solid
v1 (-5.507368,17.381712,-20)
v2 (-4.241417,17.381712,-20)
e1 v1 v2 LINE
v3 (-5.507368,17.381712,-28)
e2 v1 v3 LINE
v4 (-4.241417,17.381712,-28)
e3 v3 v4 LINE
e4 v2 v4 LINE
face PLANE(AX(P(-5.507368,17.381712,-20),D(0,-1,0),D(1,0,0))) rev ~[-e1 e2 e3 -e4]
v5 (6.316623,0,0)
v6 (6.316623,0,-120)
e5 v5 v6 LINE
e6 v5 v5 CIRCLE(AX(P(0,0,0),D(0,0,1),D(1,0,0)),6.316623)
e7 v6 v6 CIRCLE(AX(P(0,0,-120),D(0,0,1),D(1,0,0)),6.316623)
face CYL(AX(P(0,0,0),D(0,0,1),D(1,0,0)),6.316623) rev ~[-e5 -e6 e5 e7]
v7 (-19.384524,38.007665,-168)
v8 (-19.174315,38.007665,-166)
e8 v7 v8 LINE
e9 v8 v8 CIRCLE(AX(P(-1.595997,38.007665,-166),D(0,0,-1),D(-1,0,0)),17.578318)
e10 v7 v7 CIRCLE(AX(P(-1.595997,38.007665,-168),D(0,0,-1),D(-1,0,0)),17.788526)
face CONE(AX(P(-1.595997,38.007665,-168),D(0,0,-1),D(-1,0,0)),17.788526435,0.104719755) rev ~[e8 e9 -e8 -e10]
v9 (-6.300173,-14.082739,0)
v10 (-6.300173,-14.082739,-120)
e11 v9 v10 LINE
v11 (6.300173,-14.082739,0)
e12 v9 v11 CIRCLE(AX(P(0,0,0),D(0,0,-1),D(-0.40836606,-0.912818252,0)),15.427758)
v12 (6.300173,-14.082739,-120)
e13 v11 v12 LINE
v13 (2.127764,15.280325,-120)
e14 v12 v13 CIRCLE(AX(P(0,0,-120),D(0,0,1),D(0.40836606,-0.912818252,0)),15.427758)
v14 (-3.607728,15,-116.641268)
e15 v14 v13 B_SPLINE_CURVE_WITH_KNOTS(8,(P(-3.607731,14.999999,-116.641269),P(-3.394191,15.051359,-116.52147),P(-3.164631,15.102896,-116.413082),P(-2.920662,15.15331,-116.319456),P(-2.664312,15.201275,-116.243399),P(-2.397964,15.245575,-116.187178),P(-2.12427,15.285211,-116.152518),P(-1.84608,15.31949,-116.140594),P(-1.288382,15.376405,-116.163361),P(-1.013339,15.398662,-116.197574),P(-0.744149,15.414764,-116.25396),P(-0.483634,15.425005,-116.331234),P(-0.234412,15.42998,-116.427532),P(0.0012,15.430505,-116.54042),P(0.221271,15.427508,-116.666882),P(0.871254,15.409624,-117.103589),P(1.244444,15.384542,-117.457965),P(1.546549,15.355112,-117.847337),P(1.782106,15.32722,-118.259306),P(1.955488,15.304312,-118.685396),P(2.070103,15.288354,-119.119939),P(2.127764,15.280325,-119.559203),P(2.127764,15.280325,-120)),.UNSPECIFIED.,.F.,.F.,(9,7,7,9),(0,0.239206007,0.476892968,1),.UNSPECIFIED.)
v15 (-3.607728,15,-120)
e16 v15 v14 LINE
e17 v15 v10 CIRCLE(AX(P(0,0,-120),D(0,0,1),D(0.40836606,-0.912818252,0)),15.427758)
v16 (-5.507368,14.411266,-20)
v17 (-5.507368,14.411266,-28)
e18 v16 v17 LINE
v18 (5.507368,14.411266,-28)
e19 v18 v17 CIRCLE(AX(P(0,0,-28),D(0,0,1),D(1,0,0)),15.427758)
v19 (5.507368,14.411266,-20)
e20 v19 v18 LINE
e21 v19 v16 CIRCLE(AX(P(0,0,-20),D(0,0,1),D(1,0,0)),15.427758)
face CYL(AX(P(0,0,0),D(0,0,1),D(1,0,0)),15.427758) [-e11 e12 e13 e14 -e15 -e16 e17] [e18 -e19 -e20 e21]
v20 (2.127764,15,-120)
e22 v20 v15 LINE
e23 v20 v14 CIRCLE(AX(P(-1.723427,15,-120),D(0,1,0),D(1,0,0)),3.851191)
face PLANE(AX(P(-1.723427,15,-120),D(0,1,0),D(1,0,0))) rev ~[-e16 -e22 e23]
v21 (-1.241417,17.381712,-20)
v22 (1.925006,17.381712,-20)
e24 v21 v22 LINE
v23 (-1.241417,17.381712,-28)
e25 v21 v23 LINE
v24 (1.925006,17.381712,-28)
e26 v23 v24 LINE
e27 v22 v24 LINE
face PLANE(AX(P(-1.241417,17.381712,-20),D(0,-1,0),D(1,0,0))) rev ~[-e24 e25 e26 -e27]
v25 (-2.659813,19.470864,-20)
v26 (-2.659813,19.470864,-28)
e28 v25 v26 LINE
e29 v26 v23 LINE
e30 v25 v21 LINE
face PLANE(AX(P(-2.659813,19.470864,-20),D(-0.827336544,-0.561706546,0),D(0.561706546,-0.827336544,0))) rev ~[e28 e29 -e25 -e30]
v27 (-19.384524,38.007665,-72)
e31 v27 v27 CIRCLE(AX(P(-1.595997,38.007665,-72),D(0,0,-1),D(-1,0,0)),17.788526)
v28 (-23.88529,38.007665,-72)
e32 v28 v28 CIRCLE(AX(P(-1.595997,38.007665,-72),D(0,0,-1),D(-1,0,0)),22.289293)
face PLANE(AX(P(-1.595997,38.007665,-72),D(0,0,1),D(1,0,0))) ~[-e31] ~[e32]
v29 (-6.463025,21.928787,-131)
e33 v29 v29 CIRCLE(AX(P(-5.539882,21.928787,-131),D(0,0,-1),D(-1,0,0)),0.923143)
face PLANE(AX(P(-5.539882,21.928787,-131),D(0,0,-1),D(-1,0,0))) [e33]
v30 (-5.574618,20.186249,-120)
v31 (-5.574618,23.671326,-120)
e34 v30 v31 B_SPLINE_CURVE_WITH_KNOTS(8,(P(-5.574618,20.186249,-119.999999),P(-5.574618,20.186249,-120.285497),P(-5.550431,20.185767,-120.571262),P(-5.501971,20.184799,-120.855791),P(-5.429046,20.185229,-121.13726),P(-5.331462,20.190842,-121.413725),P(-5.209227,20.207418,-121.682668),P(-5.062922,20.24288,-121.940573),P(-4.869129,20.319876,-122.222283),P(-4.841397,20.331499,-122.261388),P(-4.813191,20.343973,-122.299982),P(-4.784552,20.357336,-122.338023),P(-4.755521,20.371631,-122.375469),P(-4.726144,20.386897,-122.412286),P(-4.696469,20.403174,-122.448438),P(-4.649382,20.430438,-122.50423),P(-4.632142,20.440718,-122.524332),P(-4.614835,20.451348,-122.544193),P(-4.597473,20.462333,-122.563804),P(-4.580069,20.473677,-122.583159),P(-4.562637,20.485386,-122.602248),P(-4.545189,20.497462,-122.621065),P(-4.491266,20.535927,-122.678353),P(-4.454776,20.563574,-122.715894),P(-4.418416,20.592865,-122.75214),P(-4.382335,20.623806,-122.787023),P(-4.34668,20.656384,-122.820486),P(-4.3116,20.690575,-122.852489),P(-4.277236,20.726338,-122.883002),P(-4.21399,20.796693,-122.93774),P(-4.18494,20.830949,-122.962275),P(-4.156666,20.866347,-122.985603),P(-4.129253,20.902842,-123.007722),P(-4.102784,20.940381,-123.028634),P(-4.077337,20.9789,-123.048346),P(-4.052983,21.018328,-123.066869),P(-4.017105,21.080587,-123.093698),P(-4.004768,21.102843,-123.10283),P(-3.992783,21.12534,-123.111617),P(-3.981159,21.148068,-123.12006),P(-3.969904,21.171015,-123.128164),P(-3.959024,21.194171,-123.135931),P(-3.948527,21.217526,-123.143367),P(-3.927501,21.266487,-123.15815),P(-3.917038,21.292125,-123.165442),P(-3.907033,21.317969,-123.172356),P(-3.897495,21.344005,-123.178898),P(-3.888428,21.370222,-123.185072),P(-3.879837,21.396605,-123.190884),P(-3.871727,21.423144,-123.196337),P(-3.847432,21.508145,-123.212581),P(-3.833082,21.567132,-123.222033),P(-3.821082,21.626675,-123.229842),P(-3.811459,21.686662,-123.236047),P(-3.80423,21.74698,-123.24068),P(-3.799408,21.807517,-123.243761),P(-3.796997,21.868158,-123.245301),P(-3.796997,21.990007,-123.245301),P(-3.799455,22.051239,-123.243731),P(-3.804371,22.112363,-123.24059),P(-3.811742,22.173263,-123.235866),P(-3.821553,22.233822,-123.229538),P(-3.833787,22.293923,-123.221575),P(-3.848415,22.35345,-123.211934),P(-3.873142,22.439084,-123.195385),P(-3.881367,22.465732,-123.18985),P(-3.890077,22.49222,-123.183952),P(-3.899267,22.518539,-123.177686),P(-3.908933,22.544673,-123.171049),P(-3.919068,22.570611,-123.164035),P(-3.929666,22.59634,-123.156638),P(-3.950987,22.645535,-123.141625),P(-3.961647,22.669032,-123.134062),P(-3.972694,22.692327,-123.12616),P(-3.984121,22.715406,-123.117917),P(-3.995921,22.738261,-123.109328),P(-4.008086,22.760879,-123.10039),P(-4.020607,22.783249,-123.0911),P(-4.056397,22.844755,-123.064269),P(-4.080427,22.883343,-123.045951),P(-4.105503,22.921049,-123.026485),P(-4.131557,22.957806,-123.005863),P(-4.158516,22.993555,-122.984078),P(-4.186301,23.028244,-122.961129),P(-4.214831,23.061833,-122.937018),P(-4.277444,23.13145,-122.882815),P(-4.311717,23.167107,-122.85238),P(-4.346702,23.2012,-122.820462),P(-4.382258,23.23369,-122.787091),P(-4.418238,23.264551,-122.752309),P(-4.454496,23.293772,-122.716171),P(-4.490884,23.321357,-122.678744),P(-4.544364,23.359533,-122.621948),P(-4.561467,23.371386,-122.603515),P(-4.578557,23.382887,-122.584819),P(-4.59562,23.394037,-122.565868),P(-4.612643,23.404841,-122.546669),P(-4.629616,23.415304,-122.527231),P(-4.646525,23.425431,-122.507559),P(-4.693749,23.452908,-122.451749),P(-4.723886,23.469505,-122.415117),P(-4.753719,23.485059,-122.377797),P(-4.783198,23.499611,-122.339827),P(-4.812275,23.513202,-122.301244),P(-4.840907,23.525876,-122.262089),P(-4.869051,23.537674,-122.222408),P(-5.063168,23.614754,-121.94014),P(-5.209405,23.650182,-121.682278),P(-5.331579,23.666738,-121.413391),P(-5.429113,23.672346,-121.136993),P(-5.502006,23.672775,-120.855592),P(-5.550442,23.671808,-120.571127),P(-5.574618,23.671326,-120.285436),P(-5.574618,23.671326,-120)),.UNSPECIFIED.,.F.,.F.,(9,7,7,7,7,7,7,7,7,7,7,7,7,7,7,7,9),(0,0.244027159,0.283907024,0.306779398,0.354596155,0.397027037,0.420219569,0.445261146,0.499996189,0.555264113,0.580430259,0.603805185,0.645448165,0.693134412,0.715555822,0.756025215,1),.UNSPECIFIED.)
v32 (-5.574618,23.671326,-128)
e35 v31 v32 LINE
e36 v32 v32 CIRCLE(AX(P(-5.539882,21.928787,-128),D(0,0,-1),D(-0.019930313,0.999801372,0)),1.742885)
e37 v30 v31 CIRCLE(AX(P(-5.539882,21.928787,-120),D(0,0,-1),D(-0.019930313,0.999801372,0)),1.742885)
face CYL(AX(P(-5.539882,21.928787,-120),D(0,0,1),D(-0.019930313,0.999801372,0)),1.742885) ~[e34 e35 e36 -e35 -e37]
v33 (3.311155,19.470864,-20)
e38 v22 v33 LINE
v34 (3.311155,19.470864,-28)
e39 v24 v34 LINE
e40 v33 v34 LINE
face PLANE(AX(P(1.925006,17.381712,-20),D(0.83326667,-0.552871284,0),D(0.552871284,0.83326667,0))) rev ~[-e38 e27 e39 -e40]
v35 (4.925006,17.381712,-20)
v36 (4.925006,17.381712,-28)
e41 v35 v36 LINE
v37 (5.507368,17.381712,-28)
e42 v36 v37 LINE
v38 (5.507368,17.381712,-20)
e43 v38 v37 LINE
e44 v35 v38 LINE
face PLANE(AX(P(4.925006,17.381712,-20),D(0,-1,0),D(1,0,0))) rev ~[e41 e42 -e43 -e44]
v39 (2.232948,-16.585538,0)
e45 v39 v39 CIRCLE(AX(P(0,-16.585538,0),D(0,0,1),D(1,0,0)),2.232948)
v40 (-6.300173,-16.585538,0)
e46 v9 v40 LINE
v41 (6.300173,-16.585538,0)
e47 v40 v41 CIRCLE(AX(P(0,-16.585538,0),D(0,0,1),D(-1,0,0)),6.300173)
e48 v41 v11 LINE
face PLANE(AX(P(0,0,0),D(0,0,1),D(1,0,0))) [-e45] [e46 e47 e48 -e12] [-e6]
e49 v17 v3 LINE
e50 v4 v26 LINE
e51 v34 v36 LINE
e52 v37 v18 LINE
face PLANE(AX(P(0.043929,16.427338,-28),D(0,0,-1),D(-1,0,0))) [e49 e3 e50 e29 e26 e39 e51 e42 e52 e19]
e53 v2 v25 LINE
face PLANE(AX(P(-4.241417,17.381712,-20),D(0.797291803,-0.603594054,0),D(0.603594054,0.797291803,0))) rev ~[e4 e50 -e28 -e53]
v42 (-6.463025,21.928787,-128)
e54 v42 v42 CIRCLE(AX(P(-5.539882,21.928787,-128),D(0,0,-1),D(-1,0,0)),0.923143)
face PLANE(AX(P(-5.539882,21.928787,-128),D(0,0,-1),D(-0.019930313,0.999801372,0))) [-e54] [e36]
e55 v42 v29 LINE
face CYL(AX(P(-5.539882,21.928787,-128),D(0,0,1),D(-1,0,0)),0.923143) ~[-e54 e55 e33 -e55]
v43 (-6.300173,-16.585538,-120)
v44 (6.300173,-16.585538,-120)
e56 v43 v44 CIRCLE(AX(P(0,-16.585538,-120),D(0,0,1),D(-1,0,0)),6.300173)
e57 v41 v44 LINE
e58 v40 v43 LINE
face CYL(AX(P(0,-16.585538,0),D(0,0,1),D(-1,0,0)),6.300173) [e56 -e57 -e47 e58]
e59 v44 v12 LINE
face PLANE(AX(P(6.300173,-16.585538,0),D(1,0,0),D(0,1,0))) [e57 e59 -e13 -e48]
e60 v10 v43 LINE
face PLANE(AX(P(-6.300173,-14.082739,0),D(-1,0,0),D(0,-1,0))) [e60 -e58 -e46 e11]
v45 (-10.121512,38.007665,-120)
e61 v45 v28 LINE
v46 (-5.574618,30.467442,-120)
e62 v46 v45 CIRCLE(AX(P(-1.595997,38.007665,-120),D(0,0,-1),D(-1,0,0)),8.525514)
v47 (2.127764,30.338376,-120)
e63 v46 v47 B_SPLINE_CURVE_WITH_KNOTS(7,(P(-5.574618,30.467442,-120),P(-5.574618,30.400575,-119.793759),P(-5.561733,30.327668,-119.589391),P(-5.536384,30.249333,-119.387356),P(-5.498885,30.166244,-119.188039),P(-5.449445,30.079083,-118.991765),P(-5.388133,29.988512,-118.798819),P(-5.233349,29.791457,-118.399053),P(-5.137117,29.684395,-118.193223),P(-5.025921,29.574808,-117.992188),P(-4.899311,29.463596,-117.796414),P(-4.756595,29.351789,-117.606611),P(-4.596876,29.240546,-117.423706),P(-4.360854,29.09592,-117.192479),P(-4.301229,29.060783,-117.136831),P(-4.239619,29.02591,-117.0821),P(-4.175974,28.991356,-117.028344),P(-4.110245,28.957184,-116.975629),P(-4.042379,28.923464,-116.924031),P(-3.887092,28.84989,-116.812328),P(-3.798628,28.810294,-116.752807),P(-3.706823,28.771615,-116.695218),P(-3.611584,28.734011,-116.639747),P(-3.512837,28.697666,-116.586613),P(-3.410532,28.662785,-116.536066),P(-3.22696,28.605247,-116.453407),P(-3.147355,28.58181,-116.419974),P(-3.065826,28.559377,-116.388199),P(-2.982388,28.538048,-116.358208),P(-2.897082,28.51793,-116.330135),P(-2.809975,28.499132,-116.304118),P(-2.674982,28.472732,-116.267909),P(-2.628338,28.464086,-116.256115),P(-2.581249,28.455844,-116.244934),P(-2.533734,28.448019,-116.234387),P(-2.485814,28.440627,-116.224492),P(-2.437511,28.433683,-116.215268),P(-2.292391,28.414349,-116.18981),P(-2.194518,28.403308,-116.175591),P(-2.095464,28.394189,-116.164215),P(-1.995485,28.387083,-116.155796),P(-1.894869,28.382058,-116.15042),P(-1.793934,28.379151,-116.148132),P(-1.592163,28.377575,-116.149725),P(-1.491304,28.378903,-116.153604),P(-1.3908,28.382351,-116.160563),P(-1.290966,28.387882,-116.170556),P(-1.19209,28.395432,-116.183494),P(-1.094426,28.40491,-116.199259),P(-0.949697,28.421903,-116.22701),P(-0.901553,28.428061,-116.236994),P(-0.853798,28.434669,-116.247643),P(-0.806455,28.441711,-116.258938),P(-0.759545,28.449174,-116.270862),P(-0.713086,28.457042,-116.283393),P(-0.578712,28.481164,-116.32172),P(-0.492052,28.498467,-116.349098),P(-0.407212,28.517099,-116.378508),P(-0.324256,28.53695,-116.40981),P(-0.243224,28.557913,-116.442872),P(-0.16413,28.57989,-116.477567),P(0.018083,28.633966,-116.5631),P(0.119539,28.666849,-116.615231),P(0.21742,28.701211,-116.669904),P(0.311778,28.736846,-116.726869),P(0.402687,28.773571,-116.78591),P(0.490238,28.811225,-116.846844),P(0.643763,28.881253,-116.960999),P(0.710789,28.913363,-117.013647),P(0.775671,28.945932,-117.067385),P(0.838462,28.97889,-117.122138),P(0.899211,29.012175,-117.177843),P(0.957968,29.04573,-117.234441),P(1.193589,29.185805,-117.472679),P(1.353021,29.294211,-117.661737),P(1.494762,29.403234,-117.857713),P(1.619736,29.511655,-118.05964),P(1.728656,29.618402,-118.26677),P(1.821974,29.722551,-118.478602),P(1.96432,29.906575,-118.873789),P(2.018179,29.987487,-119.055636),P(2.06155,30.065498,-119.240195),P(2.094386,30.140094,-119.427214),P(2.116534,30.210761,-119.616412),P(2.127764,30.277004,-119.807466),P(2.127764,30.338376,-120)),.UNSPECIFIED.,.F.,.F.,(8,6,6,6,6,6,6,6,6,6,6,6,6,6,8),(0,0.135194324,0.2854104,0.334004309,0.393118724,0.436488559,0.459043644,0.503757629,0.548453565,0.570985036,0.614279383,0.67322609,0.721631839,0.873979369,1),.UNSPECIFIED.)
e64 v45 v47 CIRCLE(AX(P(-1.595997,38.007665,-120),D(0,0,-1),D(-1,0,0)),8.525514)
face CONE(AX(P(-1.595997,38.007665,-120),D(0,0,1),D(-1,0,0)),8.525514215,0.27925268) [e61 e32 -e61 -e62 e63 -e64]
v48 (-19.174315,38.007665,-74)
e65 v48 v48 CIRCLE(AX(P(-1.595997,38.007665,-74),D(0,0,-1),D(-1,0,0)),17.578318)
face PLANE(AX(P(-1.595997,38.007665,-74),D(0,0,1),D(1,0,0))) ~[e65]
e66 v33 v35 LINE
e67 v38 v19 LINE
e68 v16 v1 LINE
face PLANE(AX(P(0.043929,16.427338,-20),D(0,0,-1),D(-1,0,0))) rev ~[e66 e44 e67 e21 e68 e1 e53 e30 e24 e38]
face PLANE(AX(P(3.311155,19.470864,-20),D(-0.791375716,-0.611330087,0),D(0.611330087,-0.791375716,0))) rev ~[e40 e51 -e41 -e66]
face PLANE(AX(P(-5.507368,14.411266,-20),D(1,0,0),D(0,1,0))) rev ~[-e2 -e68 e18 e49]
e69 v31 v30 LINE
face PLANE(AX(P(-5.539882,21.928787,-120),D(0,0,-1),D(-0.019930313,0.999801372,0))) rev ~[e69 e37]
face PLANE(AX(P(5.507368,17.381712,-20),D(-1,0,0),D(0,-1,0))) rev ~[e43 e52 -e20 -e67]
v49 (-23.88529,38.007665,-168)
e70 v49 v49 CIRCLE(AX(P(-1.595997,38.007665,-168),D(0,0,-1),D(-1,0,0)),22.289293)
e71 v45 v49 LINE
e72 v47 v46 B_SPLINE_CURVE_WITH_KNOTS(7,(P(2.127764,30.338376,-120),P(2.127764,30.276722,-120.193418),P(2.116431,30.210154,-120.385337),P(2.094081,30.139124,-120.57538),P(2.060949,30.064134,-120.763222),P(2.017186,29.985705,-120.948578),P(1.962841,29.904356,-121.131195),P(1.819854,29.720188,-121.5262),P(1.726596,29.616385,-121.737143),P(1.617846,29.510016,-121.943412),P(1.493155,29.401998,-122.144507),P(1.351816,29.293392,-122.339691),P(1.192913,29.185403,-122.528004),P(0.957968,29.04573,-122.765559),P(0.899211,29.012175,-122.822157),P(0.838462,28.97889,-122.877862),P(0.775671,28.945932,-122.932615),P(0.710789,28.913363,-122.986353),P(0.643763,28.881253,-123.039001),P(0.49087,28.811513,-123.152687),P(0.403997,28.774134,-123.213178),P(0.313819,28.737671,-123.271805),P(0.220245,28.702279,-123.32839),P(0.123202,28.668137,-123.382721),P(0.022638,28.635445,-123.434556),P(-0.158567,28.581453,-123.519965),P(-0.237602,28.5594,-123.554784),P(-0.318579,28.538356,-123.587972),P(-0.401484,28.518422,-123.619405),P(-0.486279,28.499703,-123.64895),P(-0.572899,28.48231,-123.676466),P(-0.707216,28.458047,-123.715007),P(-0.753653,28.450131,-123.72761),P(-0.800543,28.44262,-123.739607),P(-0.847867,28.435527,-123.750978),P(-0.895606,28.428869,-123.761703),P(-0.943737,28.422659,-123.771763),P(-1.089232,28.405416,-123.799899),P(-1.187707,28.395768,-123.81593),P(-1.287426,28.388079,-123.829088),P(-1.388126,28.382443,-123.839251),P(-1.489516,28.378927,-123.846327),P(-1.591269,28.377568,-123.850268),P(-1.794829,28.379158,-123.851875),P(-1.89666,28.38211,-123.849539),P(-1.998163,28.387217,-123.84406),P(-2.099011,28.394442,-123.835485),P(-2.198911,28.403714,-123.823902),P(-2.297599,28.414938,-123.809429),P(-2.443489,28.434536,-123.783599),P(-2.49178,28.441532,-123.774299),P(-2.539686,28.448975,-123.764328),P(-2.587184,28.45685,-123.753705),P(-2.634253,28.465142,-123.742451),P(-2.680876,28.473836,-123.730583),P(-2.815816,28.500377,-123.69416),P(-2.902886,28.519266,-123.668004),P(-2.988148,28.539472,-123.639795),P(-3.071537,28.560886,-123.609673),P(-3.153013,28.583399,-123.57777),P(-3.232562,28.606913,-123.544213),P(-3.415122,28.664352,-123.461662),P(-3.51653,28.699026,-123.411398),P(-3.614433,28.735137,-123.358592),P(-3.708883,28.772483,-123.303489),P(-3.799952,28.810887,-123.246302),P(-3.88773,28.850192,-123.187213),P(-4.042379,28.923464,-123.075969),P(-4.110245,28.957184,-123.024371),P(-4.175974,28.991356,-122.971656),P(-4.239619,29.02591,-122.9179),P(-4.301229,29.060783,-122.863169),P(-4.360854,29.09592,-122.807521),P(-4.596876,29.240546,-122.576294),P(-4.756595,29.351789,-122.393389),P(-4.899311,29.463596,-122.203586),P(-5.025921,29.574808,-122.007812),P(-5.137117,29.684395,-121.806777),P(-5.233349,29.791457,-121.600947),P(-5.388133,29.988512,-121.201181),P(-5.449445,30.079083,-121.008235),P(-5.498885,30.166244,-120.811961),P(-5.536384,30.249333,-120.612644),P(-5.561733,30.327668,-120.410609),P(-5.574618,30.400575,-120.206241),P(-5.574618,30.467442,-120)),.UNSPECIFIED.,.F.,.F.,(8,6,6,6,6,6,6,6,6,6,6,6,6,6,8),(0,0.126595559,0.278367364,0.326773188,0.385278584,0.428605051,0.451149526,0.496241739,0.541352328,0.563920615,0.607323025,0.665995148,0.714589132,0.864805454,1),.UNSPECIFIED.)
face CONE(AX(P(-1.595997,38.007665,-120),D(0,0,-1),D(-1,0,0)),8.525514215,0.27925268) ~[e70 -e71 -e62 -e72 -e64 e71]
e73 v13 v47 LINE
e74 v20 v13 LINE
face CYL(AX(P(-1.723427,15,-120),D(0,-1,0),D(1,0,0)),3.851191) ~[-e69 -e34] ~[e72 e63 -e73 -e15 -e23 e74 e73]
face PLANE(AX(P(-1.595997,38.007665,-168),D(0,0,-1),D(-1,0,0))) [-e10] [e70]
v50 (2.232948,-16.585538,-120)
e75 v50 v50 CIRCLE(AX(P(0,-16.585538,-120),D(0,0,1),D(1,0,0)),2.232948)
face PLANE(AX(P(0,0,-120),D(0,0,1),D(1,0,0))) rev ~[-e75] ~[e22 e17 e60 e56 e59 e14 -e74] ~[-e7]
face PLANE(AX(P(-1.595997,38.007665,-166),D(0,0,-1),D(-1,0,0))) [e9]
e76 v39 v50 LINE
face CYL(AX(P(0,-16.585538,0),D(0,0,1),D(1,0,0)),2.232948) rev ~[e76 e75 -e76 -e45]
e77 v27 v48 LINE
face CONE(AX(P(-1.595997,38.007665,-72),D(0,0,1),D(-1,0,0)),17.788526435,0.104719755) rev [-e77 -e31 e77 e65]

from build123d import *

# Parameters (mm, degrees)
SKETCH1_R           = 15.427757536
SKETCH1_R_2         = 6.316623128
BOSS_EXTRUDE1_DEPTH = 120
SKETCH2_R           = 2.232947937
CUT_EXTRUDE1_DEPTH  = 124.133145307
BOSS_EXTRUDE2_DEPTH = 8
SKETCH4_R           = 8.525514215
BOSS_EXTRUDE3_DEPTH = 48
BOSS_EXTRUDE3_DRAFT = -16
SKETCH6_R           = 17.788526435
CUT_EXTRUDE2_DEPTH  = 2
CUT_EXTRUDE2_DRAFT  = -6
SKETCH9_R           = 3.851191152
BOSS_EXTRUDE4_DEPTH = 17
SKETCH10_R          = 1.742885096
BOSS_EXTRUDE5_DEPTH = 8
SKETCH11_R          = 0.9231432
BOSS_EXTRUDE6_DEPTH = 3


with BuildPart() as part:
    # Sketch1 → Boss-Extrude1 (new body)
    # profile 1 of 2: a face of its own
    with BuildSketch(Plane.XY):
        with BuildLine():
            ThreePointArc((6.300172561, -14.082738665), (0, -15.427757536), (-6.300172561, -14.082738665))
            Line((-6.300172561, -14.082738665), (-6.300172561, -16.585538494))
            ThreePointArc((-6.300172561, -16.585538494), (0, -22.885711055), (6.300172561, -16.585538494))
            Line((6.300172561, -16.585538494), (6.300172561, -14.082738665))
        make_face()
    # profile 2 of 2: a face of its own
    with BuildSketch(Plane.XY):
        Circle(SKETCH1_R)
        Circle(SKETCH1_R_2, mode=Mode.SUBTRACT)
    extrude(amount=-BOSS_EXTRUDE1_DEPTH)

    # Sketch2 → Cut-Extrude1 (cut, through all)
    with BuildSketch(Plane.XY):
        with Locations((0, -16.585538494)):
            Circle(SKETCH2_R)
    extrude(amount=-CUT_EXTRUDE1_DEPTH, mode=Mode.SUBTRACT)

    # Sketch3 → Boss-Extrude2 (add)
    with BuildSketch(Plane.XY.offset(-20)):
        Polygon((-5.507367926, 14.411266465), (-5.507367926, 17.381711903), (-4.2414169, 17.381711903), (-2.659812694, 19.470864473), (-1.2414169, 17.381711903), (1.925005593, 17.381711903), (3.311155437, 19.470864473), (4.925005593, 17.381711903), (5.507367926, 17.381711903), (5.507367926, 14.411266465), align=None)
    extrude(amount=-BOSS_EXTRUDE2_DEPTH)



with BuildPart() as body_2:
    # Sketch4 → Boss-Extrude3 (with draft: the straight prism first)
    with BuildSketch(Plane(origin=(0, 0, -120), x_dir=(-1, 0, 0), z_dir=(0, 0, -1))):
        with Locations((1.595997464, 38.007665121)):
            Circle(SKETCH4_R)
    extrude(amount=BOSS_EXTRUDE3_DEPTH)
    # Boss-Extrude3: the draft: its side faces are tilted about the plane it starts from
    boss_extrude3_sides = [body_2.faces().sort_by_distance(p)[0] for p in [
        (6.929516751, 38.007665121, -144),
    ]]
    draft(boss_extrude3_sides, Plane(origin=(0, 0, -120), x_dir=(-1, 0, 0), z_dir=(0, 0, -1)), BOSS_EXTRUDE3_DRAFT)


with BuildPart() as cut_extrude2_tool:
    # Sketch6 → Cut-Extrude2 (with draft: the straight prism first)
    with BuildSketch(Plane(origin=(0, 0, -168), x_dir=(-1, 0, 0), z_dir=(0, 0, -1))):
        with Locations((1.595997464, 38.007665121)):
            Circle(SKETCH6_R)
    extrude(amount=-CUT_EXTRUDE2_DEPTH)
    # Cut-Extrude2: the draft: its side faces are tilted about the plane it starts from
    cut_extrude2_sides = [cut_extrude2_tool.faces().sort_by_distance(p)[0] for p in [
        (16.192528971, 38.007665121, -167),
    ]]
    draft(cut_extrude2_sides, Plane(origin=(0, 0, -168), x_dir=(-1, 0, 0), z_dir=(0, 0, -1)), CUT_EXTRUDE2_DRAFT)


with BuildPart() as body_2_1:
    add(body_2.part)

    # Cut-Extrude2: cut by cut_extrude2_tool
    add(cut_extrude2_tool.part, mode=Mode.SUBTRACT)


with BuildPart() as body_3:
    # Mirror2: mirrored copy
    add(body_2_1.part.mirror(Plane(origin=(-1.595997464, 38.007665121, -120), x_dir=(1, 0, 0), z_dir=(0, 0, -1))))


with BuildPart() as part_1:
    add(part.part)

    add(body_2_1.part)  # Boss-Extrude4 merges body 2

    add(body_3.part)  # Boss-Extrude4 merges body 3
    # Sketch9 → Boss-Extrude4 (add)
    with BuildSketch(Plane(origin=(0, 15, 0), x_dir=(1, 0, 0), z_dir=(0, 1, 0))):
        with Locations((-1.723427255, 120)):
            Circle(SKETCH9_R)
    extrude(amount=BOSS_EXTRUDE4_DEPTH)

    # Sketch10 → Boss-Extrude5 (add)
    with BuildSketch(Plane(origin=(0, 0, -120), x_dir=(-1, 0, 0), z_dir=(0, 0, -1))):
        with Locations(Location((5.539882161, 21.928787469, 0), (0, 0, 88.858001541))):
            Circle(SKETCH10_R)
    extrude(amount=BOSS_EXTRUDE5_DEPTH)

    # Sketch11 → Boss-Extrude6 (add)
    with BuildSketch(Plane(origin=(0, 0, -128), x_dir=(-1, 0, 0), z_dir=(0, 0, -1))):
        with Locations((5.539882161, 21.928787469)):
            Circle(SKETCH11_R)
    extrude(amount=BOSS_EXTRUDE6_DEPTH)


solid = part_1.part
